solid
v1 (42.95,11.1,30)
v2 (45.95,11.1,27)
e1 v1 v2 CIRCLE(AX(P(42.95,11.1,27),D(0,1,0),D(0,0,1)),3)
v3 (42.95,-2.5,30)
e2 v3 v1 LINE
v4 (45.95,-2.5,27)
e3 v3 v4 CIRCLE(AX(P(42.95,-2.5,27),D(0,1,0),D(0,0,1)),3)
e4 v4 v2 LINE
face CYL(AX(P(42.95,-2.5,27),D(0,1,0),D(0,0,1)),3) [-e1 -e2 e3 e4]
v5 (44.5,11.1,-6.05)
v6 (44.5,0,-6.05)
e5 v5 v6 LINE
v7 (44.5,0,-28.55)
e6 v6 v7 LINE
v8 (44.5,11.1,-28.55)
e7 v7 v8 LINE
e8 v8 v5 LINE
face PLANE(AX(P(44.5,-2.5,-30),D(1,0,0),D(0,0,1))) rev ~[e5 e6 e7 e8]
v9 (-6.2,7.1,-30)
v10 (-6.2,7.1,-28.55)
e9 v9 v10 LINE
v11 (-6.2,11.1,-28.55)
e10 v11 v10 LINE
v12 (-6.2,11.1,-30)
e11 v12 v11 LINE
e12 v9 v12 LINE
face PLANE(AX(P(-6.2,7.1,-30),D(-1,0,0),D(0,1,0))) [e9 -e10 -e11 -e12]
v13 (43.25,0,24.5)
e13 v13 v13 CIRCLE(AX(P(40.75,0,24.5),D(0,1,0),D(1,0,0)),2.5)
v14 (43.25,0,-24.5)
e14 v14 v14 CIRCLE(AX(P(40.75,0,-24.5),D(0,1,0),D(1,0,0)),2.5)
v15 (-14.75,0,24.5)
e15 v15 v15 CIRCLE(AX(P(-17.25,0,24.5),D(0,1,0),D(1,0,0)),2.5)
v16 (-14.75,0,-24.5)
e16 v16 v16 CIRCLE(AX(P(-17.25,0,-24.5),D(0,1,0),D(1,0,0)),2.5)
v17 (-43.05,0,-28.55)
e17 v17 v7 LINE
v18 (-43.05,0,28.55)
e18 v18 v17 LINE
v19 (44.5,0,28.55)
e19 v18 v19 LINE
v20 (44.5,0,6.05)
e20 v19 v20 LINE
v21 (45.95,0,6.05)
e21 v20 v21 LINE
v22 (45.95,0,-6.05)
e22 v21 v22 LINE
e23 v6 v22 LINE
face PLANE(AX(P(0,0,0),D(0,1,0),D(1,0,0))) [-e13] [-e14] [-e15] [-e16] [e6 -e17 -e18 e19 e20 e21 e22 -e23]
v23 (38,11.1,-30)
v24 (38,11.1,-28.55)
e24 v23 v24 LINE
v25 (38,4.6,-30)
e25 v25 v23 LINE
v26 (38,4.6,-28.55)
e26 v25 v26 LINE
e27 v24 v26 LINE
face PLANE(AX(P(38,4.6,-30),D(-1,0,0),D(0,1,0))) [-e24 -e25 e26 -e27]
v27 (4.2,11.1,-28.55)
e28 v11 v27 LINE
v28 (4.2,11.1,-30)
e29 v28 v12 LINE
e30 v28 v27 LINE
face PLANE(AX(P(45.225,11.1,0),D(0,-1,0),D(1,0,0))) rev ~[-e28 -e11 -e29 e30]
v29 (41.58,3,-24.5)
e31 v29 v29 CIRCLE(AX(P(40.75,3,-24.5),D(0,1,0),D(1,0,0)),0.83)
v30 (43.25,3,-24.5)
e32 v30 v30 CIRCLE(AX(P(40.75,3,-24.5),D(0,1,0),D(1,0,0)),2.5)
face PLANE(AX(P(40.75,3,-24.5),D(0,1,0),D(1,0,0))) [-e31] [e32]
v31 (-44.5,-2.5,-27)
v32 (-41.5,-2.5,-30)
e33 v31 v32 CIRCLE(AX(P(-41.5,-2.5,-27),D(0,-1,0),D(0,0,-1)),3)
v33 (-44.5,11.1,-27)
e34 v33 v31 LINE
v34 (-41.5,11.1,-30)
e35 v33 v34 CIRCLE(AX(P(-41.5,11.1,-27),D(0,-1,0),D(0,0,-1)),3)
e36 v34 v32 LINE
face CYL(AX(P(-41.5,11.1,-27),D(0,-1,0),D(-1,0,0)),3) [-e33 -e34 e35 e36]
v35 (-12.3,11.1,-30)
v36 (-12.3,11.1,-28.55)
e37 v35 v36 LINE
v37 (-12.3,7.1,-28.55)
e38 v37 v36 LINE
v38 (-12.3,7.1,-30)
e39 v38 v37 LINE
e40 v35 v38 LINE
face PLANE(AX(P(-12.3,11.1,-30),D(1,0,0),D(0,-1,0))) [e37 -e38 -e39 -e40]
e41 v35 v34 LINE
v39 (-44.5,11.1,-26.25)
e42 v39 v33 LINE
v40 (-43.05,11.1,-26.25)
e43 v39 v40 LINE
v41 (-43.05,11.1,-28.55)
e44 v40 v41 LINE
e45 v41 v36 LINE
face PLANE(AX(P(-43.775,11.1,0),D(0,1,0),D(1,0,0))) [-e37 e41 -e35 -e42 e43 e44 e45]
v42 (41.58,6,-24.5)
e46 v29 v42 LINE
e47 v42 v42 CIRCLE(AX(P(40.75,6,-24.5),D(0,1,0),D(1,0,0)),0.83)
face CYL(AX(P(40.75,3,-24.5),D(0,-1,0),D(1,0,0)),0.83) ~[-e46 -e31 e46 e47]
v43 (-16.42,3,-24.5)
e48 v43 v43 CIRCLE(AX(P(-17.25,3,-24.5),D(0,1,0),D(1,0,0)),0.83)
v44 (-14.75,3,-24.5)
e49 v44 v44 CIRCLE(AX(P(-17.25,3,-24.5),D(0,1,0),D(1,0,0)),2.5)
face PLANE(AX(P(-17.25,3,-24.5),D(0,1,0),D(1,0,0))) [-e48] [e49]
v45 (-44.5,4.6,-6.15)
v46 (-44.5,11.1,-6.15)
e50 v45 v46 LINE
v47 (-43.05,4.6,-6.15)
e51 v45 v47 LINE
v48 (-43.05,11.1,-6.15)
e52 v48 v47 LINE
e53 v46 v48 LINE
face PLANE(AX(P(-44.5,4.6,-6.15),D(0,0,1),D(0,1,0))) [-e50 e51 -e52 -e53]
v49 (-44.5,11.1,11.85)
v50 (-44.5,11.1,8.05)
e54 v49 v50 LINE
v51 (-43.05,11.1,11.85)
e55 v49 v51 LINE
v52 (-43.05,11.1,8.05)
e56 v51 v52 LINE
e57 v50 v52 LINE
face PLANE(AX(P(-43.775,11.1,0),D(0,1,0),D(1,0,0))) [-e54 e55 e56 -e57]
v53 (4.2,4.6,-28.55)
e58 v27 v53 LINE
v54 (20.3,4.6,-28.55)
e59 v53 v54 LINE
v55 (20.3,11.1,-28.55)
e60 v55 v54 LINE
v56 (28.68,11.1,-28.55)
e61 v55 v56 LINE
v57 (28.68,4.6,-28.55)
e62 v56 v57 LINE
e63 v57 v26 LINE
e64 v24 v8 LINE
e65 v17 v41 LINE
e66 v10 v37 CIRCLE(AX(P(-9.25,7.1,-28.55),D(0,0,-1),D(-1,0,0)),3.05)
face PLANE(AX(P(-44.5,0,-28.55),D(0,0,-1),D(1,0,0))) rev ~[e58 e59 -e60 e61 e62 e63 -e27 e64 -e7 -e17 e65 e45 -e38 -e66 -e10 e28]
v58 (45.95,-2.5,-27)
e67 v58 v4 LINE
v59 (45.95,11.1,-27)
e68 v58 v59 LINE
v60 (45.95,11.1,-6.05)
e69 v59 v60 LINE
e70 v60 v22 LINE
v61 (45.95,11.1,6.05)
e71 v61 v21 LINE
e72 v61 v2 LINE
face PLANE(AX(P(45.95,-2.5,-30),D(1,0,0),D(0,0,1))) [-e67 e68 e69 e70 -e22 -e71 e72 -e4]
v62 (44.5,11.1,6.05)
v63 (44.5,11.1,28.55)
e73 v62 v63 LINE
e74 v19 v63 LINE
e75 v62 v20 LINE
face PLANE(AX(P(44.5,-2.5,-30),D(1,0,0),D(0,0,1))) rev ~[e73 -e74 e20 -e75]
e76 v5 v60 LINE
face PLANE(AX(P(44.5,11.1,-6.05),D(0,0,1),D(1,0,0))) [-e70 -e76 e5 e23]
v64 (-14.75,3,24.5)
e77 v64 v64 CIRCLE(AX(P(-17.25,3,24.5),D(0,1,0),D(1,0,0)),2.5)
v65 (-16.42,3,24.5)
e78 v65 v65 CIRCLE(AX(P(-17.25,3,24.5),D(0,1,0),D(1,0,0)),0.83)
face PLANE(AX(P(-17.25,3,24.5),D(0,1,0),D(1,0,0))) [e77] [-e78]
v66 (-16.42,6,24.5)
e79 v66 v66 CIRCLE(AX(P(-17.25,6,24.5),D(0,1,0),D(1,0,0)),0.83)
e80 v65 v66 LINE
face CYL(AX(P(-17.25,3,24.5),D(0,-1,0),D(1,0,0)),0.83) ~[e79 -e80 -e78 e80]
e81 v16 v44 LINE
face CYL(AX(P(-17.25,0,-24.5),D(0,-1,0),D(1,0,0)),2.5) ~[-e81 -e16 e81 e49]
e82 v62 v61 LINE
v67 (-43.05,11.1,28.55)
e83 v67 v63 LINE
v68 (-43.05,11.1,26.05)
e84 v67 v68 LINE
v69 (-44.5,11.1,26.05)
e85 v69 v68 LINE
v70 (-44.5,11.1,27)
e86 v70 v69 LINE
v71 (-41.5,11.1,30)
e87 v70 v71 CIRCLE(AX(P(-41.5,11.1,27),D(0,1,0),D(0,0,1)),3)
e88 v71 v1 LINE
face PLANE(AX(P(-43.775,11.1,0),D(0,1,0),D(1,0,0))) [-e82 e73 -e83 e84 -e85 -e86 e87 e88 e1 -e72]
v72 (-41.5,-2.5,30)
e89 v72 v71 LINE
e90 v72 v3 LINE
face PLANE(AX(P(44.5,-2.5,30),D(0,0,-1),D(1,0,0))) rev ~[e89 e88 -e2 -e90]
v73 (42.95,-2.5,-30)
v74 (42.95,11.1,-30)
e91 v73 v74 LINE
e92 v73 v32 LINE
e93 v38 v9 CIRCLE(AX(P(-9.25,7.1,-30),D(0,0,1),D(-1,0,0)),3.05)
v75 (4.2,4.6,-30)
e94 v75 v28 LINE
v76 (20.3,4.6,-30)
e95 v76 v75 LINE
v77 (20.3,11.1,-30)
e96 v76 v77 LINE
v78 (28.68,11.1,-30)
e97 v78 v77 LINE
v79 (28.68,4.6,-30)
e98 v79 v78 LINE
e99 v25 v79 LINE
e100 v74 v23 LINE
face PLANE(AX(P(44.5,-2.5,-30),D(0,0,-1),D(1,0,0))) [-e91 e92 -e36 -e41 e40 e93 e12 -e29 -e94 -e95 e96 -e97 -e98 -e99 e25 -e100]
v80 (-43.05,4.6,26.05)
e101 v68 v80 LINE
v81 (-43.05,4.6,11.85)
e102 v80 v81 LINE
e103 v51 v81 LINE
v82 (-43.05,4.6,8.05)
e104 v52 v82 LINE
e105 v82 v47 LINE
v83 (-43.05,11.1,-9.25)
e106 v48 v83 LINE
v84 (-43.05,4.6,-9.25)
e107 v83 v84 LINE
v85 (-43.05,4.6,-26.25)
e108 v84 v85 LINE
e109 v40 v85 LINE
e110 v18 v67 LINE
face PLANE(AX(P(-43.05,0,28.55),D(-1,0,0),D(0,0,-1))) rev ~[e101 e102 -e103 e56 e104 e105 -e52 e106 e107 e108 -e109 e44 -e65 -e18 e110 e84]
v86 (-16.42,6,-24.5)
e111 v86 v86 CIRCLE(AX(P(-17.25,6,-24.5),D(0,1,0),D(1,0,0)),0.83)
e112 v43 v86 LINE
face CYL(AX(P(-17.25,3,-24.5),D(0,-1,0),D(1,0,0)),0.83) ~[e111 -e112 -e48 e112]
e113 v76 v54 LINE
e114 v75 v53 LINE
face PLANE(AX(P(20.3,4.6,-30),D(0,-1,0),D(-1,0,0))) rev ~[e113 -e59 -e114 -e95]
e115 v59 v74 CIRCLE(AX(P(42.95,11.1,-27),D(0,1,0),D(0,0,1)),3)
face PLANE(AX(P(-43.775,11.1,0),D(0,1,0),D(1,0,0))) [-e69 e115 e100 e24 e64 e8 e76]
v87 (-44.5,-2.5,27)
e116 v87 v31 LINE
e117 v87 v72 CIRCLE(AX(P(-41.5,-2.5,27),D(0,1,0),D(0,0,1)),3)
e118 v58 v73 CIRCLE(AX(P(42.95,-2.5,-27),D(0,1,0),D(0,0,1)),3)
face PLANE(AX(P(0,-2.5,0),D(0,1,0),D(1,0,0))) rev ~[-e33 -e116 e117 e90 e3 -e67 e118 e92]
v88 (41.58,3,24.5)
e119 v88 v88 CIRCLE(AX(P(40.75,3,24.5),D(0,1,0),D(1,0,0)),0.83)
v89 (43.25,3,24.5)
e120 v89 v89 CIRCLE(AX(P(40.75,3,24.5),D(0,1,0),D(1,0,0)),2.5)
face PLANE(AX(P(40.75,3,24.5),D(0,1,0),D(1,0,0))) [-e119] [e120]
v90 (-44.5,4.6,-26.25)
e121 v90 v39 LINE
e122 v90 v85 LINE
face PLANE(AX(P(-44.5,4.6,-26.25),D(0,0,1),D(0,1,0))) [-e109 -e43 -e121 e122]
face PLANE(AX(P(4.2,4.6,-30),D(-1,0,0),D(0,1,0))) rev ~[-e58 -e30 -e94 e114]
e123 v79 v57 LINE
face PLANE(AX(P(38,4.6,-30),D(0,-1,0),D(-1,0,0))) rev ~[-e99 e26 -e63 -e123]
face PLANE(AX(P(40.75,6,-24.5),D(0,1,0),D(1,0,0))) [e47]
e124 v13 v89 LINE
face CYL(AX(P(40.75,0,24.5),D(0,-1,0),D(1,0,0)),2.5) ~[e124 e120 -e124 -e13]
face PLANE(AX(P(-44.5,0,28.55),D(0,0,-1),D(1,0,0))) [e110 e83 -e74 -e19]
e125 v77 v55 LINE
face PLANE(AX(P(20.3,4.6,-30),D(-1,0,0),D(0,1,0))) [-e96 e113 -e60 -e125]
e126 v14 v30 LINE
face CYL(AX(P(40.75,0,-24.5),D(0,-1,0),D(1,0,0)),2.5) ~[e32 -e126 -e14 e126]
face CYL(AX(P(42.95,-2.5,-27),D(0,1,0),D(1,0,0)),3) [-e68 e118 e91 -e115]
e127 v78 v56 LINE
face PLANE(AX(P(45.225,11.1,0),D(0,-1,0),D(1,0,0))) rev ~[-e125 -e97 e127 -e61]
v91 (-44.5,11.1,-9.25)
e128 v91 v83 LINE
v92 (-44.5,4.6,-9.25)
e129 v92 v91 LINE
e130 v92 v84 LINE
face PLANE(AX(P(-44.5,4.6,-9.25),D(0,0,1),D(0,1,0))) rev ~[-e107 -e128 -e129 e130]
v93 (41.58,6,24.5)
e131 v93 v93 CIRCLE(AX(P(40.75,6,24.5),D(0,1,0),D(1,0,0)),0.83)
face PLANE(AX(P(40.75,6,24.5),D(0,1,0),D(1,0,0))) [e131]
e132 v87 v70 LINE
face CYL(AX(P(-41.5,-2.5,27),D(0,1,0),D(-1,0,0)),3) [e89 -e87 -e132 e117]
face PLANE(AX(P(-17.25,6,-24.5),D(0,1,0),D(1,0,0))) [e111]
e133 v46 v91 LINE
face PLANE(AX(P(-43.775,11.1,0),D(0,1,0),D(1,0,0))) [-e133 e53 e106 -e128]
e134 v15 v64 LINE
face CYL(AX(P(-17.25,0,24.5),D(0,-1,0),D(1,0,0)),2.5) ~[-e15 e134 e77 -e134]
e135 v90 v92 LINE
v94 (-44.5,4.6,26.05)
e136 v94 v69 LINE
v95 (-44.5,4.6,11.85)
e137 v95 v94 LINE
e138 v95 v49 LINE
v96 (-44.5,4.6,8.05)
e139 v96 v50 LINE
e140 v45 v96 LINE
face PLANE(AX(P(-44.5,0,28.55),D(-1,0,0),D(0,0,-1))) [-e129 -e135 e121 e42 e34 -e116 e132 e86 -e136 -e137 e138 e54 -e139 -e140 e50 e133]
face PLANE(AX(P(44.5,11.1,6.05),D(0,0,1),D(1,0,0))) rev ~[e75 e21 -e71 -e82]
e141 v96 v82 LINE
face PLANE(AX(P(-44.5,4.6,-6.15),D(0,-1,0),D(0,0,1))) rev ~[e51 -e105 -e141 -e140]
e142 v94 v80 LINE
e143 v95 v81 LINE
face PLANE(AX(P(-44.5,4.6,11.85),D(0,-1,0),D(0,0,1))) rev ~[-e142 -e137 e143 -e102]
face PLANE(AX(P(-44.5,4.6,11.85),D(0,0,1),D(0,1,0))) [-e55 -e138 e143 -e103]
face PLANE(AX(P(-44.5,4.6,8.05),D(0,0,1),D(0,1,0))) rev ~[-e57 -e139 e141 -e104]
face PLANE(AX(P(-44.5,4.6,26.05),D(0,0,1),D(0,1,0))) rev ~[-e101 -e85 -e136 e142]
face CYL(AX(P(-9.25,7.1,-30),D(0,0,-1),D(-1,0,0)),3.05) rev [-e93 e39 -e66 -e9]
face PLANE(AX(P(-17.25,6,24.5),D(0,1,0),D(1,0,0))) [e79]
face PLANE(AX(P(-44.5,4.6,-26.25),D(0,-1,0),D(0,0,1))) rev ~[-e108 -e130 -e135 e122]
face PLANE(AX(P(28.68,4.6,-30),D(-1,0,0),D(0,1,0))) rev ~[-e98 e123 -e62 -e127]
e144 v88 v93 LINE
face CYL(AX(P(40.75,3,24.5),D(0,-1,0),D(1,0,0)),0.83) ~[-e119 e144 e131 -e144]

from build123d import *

# Parameters (mm, degrees)
CROQUIS1_W              = 89
CROQUIS1_H              = 60
SALIENTE_EXTRUIR1_DEPTH = 2.5
CROQUIS2_R              = 2.5
SALIENTE_EXTRUIR2_DEPTH = 3
CROQUIS3_R              = 0.83
SALIENTE_EXTRUIR3_DEPTH = 3
CROQUIS4_W              = 89
CROQUIS4_H              = 1.45
SALIENTE_EXTRUIR4_DEPTH = 11.1
CROQUIS5_W              = 1.45
CROQUIS5_H              = 60
SALIENTE_EXTRUIR5_DEPTH = 13.6
CORTAR_EXTRUIR1_REACH   = 62
CORTAR_EXTRUIR2_REACH   = 62
CROQUIS7_W              = 16.1
CROQUIS7_H              = 6.5
CORTAR_EXTRUIR3_REACH   = 62
CROQUIS8_W              = 9.32
CROQUIS8_H              = 6.5
REDONDEO1_R             = 3
CROQUIS12_W             = 1.45
CROQUIS12_H             = 57.1
SALIENTE_EXTRUIR7_DEPTH = 11.1
CORTAR_EXTRUIR5_REACH   = 92.45
CROQUIS13_W             = 17
CROQUIS13_H             = 6.5
CORTAR_EXTRUIR6_REACH   = 92.45
CROQUIS14_W             = 14.2
CROQUIS14_H             = 6.5
REDONDEO2_R             = 3
CROQUIS15_W             = 1.45
CROQUIS15_H             = 12.1
CORTAR_EXTRUIR7_DEPTH   = 11.1


with BuildPart() as part:
    # Croquis1 → Saliente-Extruir1 (new body)
    with BuildSketch(Plane(origin=(0, 0, 0), x_dir=(1, 0, 0), z_dir=(0, 1, 0))):
        Rectangle(CROQUIS1_W, CROQUIS1_H)
    extrude(amount=-SALIENTE_EXTRUIR1_DEPTH)

    # Croquis2 → Saliente-Extruir2 (add)
    with BuildSketch(Plane(origin=(0, 0, 0), x_dir=(1, 0, 0), z_dir=(0, 1, 0))):
        with Locations((40.75, 24.5)):
            Circle(CROQUIS2_R)
        with Locations((40.75, -24.5)):
            Circle(CROQUIS2_R)
        with Locations((-17.25, 24.5)):
            Circle(CROQUIS2_R)
        with Locations((-17.25, -24.5)):
            Circle(CROQUIS2_R)
    extrude(amount=SALIENTE_EXTRUIR2_DEPTH)

    # Croquis3 → Saliente-Extruir3 (add)
    with BuildSketch(Plane(origin=(0, 3, 0), x_dir=(1, 0, 0), z_dir=(0, 1, 0))):
        with Locations((-17.25, 24.5)):
            Circle(CROQUIS3_R)
        with Locations((40.75, 24.5)):
            Circle(CROQUIS3_R)
        with Locations((40.75, -24.5)):
            Circle(CROQUIS3_R)
        with Locations((-17.25, -24.5)):
            Circle(CROQUIS3_R)
    extrude(amount=SALIENTE_EXTRUIR3_DEPTH)

    # Croquis4 → Saliente-Extruir4 (add)
    with BuildSketch(Plane(origin=(0, 0, 0), x_dir=(1, 0, 0), z_dir=(0, 1, 0))):
        with Locations((0, -29.275)):
            Rectangle(CROQUIS4_W, CROQUIS4_H)
        with Locations((0, 29.275)):
            Rectangle(CROQUIS4_W, CROQUIS4_H)
    extrude(amount=SALIENTE_EXTRUIR4_DEPTH)

    # Croquis5 → Saliente-Extruir5 (add)
    with BuildSketch(Plane.XZ.offset(2.5)):
        with Locations((45.225, 0)):
            Rectangle(CROQUIS5_W, CROQUIS5_H)
    extrude(amount=-SALIENTE_EXTRUIR5_DEPTH)

    # Croquis6 → Cortar-Extruir1 (cut, up to next)
    with BuildSketch(Plane(origin=(0, 0, -30), x_dir=(-1, 0, 0), z_dir=(0, 0, -1)), mode=Mode.PRIVATE) as cortar_extruir1_sk1:
        with BuildLine():
            Line((6.2, 7.1), (6.2, 11.1))
            Line((6.2, 11.1), (12.3, 11.1))
            Line((12.3, 11.1), (12.3, 7.1))
            ThreePointArc((12.3, 7.1), (9.25, 4.05), (6.2, 7.1))
        make_face()
    cortar_extruir1_tool1 = extrude(cortar_extruir1_sk1.sketch, amount=-CORTAR_EXTRUIR1_REACH, mode=Mode.PRIVATE) & part.part
    add(cortar_extruir1_tool1.solids().sort_by_distance((-9.25, 7.866038, -30))[0], mode=Mode.SUBTRACT)

    # Croquis7 → Cortar-Extruir2 (cut, up to next)
    with BuildSketch(Plane(origin=(0, 0, -30), x_dir=(-1, 0, 0), z_dir=(0, 0, -1)), mode=Mode.PRIVATE) as cortar_extruir2_sk1:
        with Locations((-12.25, 7.85)):
            Rectangle(CROQUIS7_W, CROQUIS7_H)
    cortar_extruir2_tool1 = extrude(cortar_extruir2_sk1.sketch, amount=-CORTAR_EXTRUIR2_REACH, mode=Mode.PRIVATE) & part.part
    add(cortar_extruir2_tool1.solids().sort_by_distance((12.25, 7.85, -30))[0], mode=Mode.SUBTRACT)

    # Croquis8 → Cortar-Extruir3 (cut, up to next)
    with BuildSketch(Plane(origin=(0, 0, -30), x_dir=(-1, 0, 0), z_dir=(0, 0, -1)), mode=Mode.PRIVATE) as cortar_extruir3_sk1:
        with Locations((-33.34, 7.85)):
            Rectangle(CROQUIS8_W, CROQUIS8_H)
    cortar_extruir3_tool1 = extrude(cortar_extruir3_sk1.sketch, amount=-CORTAR_EXTRUIR3_REACH, mode=Mode.PRIVATE) & part.part
    add(cortar_extruir3_tool1.solids().sort_by_distance((33.34, 7.85, -30))[0], mode=Mode.SUBTRACT)

    # Redondeo1
    redondeo1_edges = [part.edges().sort_by_distance(p)[0] for p in [
        (45.95, 4.3, 30),
        (45.95, 4.3, -30),
    ]]
    fillet(redondeo1_edges, radius=REDONDEO1_R)

    # Croquis12 → Saliente-Extruir7 (add)
    with BuildSketch(Plane(origin=(0, 0, 0), x_dir=(1, 0, 0), z_dir=(0, 1, 0))):
        with Locations((-43.775, 0)):
            Rectangle(CROQUIS12_W, CROQUIS12_H)
    extrude(amount=SALIENTE_EXTRUIR7_DEPTH)

    # Croquis13 → Cortar-Extruir5 (cut, up to next)
    with BuildSketch(Plane.ZY.offset(44.5), mode=Mode.PRIVATE) as cortar_extruir5_sk1:
        with Locations((-17.75, 7.85)):
            Rectangle(CROQUIS13_W, CROQUIS13_H)
    cortar_extruir5_tool1 = extrude(cortar_extruir5_sk1.sketch, amount=-CORTAR_EXTRUIR5_REACH, mode=Mode.PRIVATE) & part.part
    add(cortar_extruir5_tool1.solids().sort_by_distance((-44.5, 7.85, -17.75))[0], mode=Mode.SUBTRACT)

    # Croquis14 → Cortar-Extruir6 (cut, up to next)
    with BuildSketch(Plane.ZY.offset(44.5), mode=Mode.PRIVATE) as cortar_extruir6_sk1:
        with Locations((0.95, 7.85)):
            Rectangle(CROQUIS14_W, CROQUIS14_H)
    cortar_extruir6_tool1 = extrude(cortar_extruir6_sk1.sketch, amount=-CORTAR_EXTRUIR6_REACH, mode=Mode.PRIVATE) & part.part
    add(cortar_extruir6_tool1.solids().sort_by_distance((-44.5, 7.85, 0.95))[0], mode=Mode.SUBTRACT)
    # Croquis14 → Cortar-Extruir6 (cut, up to next)
    with BuildSketch(Plane.ZY.offset(44.5), mode=Mode.PRIVATE) as cortar_extruir6_sk2:
        with Locations((18.95, 7.85)):
            Rectangle(CROQUIS14_W, CROQUIS14_H)
    cortar_extruir6_tool2 = extrude(cortar_extruir6_sk2.sketch, amount=-CORTAR_EXTRUIR6_REACH, mode=Mode.PRIVATE) & part.part
    add(cortar_extruir6_tool2.solids().sort_by_distance((-44.5, 7.85, 18.95))[0], mode=Mode.SUBTRACT)

    # Redondeo2
    redondeo2_edges = [part.edges().sort_by_distance(p)[0] for p in [
        (-44.5, 4.3, 30),
        (-44.5, 4.3, -30),
    ]]
    fillet(redondeo2_edges, radius=REDONDEO2_R)

    # Croquis15 → Cortar-Extruir7 (cut)
    with BuildSketch(Plane(origin=(0, 11.1, 0), x_dir=(1, 0, 0), z_dir=(0, 1, 0))):
        with Locations((45.225, 0)):
            Rectangle(CROQUIS15_W, CROQUIS15_H)
    extrude(amount=-CORTAR_EXTRUIR7_DEPTH, mode=Mode.SUBTRACT)


solid = part.part
